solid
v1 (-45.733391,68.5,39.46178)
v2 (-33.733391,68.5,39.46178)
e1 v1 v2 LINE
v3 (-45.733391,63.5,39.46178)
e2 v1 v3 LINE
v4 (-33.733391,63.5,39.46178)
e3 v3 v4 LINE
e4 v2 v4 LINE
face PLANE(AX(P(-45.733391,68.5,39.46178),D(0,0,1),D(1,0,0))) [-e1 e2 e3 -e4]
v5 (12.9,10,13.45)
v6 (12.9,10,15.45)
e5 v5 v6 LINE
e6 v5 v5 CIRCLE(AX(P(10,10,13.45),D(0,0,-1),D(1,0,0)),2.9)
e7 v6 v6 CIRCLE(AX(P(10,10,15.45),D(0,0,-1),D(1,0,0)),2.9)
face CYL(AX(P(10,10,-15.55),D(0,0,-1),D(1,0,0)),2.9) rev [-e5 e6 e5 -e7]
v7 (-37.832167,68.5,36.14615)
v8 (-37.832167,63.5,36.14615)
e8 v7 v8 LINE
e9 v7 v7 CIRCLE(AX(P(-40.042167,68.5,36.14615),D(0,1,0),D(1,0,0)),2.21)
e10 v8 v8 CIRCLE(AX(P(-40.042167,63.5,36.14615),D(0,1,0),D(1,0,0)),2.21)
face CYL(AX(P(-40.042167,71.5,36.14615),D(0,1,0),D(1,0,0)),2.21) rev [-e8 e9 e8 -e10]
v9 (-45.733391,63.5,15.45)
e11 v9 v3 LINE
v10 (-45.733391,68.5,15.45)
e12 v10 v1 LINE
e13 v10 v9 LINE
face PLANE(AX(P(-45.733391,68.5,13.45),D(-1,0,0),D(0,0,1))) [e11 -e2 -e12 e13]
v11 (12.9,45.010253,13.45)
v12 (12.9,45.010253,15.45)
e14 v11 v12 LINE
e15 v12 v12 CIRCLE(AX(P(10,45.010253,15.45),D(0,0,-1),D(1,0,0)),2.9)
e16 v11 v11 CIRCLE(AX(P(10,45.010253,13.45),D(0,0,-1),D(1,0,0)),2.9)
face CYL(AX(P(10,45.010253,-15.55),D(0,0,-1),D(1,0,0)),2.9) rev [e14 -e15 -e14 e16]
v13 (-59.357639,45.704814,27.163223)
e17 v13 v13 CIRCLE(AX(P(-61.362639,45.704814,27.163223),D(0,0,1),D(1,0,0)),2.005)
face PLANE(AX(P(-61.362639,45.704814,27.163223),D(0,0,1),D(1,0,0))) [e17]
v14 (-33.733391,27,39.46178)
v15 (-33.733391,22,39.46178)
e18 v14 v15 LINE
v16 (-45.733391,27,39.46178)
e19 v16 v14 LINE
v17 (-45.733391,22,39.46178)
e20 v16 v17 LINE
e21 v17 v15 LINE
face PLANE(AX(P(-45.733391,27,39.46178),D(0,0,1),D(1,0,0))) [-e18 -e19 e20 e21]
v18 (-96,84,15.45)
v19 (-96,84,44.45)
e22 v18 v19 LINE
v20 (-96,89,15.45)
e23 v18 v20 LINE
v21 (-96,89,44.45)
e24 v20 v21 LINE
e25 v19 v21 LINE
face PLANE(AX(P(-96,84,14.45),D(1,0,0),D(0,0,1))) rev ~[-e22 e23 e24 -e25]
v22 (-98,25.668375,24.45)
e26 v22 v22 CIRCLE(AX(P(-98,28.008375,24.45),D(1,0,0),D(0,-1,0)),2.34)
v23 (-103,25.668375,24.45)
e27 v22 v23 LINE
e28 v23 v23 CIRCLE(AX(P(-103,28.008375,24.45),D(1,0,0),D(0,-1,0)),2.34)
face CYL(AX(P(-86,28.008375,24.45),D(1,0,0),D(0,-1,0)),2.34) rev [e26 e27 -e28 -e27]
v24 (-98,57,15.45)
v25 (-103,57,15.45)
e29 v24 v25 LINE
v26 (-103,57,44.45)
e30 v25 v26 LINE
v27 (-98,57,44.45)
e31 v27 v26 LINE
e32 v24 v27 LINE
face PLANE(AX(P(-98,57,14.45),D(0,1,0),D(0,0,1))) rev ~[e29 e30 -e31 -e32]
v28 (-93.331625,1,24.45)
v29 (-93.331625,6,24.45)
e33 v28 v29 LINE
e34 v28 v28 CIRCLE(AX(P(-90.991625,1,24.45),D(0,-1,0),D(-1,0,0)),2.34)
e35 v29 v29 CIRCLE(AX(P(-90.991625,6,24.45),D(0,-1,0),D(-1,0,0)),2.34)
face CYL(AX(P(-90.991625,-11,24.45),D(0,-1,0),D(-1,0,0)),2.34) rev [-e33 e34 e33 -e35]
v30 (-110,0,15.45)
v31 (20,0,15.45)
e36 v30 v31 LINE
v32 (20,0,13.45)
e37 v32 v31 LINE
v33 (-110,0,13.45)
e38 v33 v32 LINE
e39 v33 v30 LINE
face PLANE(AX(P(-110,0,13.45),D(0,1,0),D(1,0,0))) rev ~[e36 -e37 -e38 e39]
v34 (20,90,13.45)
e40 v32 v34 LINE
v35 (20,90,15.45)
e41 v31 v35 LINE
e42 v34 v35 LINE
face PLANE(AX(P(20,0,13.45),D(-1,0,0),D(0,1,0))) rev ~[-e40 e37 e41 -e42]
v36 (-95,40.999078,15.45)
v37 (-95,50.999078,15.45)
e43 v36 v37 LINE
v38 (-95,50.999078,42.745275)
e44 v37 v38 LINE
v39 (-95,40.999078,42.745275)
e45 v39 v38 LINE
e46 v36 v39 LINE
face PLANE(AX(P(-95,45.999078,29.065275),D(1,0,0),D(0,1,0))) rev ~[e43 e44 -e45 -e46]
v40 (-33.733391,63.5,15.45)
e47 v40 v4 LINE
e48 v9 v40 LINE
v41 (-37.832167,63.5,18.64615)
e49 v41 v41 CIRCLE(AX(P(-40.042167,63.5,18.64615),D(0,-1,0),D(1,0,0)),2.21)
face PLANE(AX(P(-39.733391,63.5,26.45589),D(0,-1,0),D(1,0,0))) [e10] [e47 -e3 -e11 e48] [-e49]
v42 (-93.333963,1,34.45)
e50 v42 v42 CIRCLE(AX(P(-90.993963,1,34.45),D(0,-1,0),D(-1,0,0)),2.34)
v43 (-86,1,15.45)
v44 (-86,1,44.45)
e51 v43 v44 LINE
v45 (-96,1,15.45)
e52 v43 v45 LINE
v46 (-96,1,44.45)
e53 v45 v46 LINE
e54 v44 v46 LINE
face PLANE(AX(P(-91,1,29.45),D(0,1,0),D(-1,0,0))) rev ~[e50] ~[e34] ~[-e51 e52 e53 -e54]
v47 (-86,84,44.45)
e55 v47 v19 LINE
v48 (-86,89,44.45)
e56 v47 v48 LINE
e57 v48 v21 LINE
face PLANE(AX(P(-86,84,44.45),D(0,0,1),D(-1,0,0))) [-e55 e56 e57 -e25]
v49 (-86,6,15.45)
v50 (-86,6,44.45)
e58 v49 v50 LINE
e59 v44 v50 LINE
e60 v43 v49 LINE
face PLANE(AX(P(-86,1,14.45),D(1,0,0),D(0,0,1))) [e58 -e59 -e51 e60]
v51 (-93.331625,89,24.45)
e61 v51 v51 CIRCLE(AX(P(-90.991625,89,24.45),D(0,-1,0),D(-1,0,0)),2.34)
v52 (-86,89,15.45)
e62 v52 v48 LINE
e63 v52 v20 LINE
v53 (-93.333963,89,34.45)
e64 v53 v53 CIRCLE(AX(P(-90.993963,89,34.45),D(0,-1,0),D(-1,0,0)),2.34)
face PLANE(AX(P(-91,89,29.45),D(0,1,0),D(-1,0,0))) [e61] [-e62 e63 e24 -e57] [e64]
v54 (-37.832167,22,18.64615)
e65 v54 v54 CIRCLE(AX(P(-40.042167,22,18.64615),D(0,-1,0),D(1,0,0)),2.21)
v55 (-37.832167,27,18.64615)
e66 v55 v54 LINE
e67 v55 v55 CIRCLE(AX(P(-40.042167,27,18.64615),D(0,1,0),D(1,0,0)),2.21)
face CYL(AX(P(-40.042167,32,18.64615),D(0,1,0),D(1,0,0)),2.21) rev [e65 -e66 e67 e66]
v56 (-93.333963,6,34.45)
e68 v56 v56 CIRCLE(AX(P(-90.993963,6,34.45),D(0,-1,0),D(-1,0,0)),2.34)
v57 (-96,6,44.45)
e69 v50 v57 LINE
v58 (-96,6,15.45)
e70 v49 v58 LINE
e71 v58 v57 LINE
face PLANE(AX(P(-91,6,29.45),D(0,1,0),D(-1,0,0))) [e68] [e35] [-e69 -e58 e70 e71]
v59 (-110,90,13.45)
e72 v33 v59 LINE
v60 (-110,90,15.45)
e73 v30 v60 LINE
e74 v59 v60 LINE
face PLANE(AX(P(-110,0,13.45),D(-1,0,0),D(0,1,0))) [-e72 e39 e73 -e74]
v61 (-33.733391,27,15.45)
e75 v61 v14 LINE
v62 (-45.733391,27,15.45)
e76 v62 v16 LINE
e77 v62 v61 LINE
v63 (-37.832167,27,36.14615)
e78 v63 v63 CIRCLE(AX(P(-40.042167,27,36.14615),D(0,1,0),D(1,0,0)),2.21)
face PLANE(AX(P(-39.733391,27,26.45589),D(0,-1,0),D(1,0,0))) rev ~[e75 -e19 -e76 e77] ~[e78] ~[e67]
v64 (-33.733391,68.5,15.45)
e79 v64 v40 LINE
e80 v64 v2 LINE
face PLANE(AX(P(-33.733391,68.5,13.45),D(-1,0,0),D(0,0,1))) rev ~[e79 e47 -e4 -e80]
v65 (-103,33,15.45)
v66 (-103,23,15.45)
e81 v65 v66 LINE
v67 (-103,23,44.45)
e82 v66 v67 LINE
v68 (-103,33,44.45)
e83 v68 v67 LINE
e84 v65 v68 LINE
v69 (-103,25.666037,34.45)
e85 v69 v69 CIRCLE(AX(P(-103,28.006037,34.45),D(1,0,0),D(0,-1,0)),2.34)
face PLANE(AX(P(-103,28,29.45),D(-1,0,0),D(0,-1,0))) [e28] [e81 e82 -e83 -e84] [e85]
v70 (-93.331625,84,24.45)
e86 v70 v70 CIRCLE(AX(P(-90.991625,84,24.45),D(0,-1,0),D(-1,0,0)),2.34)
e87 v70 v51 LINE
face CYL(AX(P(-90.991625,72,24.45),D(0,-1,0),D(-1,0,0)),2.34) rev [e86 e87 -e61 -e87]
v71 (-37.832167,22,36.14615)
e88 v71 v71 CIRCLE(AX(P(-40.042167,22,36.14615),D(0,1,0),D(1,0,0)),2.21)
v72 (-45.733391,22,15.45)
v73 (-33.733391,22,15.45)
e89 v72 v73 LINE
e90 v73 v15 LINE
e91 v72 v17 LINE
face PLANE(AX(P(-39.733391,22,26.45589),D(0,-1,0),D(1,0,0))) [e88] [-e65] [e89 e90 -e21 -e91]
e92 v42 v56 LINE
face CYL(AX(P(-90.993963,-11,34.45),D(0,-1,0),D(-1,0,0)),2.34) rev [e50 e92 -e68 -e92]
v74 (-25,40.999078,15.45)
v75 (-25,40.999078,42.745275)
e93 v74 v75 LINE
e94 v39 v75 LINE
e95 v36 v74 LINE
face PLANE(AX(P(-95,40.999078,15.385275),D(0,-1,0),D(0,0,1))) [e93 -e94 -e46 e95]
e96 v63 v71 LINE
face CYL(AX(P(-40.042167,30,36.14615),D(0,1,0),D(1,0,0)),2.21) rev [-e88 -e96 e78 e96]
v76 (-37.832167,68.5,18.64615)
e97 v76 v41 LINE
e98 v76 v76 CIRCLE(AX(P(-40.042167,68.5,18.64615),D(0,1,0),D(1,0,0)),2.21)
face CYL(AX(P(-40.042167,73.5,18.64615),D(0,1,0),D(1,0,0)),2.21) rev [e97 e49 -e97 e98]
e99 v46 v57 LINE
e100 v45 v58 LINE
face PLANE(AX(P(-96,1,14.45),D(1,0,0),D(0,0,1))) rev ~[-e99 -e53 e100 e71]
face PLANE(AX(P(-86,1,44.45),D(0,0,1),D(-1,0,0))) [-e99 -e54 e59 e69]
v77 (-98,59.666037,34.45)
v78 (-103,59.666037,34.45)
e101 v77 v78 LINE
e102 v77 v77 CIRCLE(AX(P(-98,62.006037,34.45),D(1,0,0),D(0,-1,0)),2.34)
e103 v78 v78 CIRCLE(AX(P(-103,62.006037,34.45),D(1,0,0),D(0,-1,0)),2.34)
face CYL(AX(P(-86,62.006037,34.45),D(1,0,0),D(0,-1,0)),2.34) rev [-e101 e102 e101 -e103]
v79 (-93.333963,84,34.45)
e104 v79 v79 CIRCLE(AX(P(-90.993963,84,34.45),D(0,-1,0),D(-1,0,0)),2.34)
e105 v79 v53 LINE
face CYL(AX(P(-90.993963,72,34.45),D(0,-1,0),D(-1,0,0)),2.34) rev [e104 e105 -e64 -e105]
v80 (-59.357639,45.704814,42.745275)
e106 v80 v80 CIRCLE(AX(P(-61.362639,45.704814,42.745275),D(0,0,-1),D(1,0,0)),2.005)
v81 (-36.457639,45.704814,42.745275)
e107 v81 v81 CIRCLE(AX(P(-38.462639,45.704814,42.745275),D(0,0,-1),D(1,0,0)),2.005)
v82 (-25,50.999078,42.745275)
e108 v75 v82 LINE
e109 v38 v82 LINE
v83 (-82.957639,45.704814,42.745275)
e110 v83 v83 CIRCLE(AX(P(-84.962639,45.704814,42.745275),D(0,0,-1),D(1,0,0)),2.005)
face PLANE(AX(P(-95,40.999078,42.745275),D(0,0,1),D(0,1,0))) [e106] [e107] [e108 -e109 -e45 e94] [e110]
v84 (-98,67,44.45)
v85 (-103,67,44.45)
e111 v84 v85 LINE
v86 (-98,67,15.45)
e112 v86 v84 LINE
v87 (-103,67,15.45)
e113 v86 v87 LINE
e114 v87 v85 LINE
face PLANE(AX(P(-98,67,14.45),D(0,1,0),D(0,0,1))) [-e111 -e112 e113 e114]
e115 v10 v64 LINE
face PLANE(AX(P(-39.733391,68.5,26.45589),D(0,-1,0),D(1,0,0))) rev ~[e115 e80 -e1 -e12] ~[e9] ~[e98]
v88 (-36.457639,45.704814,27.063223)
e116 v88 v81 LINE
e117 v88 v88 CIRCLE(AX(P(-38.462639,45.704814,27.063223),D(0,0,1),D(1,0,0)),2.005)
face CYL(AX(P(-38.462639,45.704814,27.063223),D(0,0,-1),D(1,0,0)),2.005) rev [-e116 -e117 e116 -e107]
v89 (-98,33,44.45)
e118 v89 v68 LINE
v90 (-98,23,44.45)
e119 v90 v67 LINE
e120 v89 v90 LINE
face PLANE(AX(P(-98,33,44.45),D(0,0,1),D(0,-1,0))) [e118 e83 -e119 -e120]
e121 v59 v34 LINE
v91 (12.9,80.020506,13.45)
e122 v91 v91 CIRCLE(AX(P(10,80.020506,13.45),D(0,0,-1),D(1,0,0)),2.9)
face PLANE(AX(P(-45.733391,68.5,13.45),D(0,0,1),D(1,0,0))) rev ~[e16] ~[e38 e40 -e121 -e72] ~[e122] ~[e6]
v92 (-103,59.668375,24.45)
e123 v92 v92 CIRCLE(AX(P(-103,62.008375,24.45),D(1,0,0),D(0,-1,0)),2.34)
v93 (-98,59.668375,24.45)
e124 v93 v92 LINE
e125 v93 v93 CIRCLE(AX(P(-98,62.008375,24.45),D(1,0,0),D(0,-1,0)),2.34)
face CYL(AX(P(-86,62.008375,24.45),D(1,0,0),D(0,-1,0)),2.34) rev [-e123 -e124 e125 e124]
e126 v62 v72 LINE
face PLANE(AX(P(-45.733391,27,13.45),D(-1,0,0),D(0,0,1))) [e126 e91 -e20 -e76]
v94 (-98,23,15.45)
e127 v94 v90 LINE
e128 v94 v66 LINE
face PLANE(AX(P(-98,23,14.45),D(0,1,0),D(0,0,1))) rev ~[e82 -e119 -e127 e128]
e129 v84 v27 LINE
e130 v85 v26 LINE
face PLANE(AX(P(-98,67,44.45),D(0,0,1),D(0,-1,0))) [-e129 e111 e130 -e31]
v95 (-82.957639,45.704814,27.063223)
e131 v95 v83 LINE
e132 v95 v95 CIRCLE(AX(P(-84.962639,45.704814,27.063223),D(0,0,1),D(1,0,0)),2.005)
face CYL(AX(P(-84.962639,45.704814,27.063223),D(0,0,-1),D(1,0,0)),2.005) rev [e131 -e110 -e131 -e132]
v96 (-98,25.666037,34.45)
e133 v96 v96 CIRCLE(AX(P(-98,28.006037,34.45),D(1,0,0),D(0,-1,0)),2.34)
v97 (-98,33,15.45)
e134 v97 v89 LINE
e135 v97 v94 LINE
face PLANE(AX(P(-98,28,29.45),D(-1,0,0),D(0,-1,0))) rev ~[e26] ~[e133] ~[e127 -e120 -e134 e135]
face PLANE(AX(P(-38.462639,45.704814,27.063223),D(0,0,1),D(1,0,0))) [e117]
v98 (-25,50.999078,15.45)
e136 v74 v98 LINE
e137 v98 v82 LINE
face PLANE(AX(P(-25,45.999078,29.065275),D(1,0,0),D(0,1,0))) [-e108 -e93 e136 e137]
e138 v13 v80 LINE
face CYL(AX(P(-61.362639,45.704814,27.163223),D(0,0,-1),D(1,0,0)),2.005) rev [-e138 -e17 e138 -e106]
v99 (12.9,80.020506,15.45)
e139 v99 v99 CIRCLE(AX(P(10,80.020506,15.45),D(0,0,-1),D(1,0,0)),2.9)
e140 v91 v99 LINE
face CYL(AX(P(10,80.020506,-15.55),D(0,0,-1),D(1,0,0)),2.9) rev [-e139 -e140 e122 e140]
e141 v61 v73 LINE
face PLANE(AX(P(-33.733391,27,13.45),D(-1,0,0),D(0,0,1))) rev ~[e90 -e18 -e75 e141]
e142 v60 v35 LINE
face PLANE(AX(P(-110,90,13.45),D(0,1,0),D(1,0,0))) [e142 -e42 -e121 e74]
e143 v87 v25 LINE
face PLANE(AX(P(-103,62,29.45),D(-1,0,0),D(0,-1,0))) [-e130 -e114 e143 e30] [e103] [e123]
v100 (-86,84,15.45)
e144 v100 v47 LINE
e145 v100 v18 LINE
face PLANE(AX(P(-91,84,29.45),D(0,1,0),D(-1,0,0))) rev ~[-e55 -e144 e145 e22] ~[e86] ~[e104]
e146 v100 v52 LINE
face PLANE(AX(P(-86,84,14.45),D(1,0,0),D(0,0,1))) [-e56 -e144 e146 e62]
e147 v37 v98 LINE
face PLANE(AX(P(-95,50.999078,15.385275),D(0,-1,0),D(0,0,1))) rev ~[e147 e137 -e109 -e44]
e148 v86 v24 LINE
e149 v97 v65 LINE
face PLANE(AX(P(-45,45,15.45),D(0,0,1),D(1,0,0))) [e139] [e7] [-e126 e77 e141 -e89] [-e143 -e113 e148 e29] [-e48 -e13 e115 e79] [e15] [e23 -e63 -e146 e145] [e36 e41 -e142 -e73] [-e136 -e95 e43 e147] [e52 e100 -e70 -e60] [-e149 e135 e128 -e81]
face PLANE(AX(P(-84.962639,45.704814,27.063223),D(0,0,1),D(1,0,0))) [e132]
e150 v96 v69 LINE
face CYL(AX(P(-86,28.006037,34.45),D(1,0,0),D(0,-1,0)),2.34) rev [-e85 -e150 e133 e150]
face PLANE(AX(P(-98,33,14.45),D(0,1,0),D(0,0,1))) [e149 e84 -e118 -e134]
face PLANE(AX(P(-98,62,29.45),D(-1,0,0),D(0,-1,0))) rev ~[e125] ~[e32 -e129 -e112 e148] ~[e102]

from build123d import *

# Parameters (mm, degrees)
SKETCH169_R                = 2.34
EXTRUDE089_DEPTH           = 20
SKETCH168_W                = 10
SKETCH168_H                = 30
EXTRUDE088_DEPTH           = 5
EXTRUDE088_PLACEMENT_ANGLE = 90
CUT055_PLACEMENT_ANGLE     = 90
SKETCH165_R                = 2.34
EXTRUDE085_DEPTH           = 20
SKETCH164_W                = 10
SKETCH164_H                = 30
EXTRUDE084_DEPTH           = 5
EXTRUDE084_PLACEMENT_ANGLE = 90
SKETCH082_R                = 2.21
EXTRUDE103_DEPTH           = 10
SKETCH081_R                = 2.21
EXTRUDE102_DEPTH           = 10
SKETCH080_W                = 12
SKETCH080_H                = 26.01178
EXTRUDE101_DEPTH           = 5
SKETCH079_R                = 2.21
EXTRUDE100_DEPTH           = 10
SKETCH078_R                = 2.21
EXTRUDE099_DEPTH           = 10
SKETCH077_W                = 12
SKETCH077_H                = 26.01178
EXTRUDE098_DEPTH           = 5
SKETCH167_R                = 2.34
EXTRUDE087_DEPTH           = 20
SKETCH166_W                = 10
SKETCH166_H                = 30
EXTRUDE086_DEPTH           = 5
EXTRUDE086_PLACEMENT_ANGLE = 90
CUT052_PLACEMENT_ANGLE     = 90
SKETCH163_R                = 2.34
EXTRUDE083_DEPTH           = 20
SKETCH162_W                = 10
SKETCH162_H                = 30
EXTRUDE082_DEPTH           = 5
EXTRUDE082_PLACEMENT_ANGLE = 90
SKETCH016_R                = 2.005
EXTRUDE077_DEPTH           = 20
EXTRUDE076_DEPTH           = 20
EXTRUDE075_DEPTH           = 20
SKETCH161_W                = 10
SKETCH161_H                = 27.36
EXTRUDE182_DEPTH           = 70
SKETCH075_R                = 2.9
EXTRUDE091_DEPTH           = 50
SKETCH074_W                = 130
SKETCH074_H                = 90
EXTRUDE090_DEPTH           = 2


with BuildPart() as tornillos050:
    # Sketch169 (on Face6 of Extrude088) → Extrude089 (new body)
    with BuildSketch(Plane(origin=(-101, -107, 0), x_dir=(0, -1, 0), z_dir=(-1, 0, 0))):
        with Locations((-135.006037, 30)):
            Circle(SKETCH169_R)
        with Locations((-135.008375, 20)):
            Circle(SKETCH169_R)
    extrude(amount=EXTRUDE089_DEPTH)


with BuildPart() as tornillos050_1:
    # Extrude089 placement: moved
    add(tornillos050.part.moved(Location((17, 0, 0))))


with BuildPart() as soporte016:
    # Sketch168 → Extrude088 (new body)
    with BuildSketch(Plane.XZ):
        with Locations((-135, 25)):
            Rectangle(SKETCH168_W, SKETCH168_H)
    extrude(amount=EXTRUDE088_DEPTH)


with BuildPart() as soporte016_1:
    # Extrude088 placement: moved
    add(soporte016.part.moved(Location((-96, -107, 0))).rotate(Axis((-96, -107, 0), (0, 0, -1)), EXTRUDE088_PLACEMENT_ANGLE))

    # Cut055: cut Tornillos050
    add(tornillos050_1.part, mode=Mode.SUBTRACT)


with BuildPart() as soporte016_2:
    # Cut055 placement: moved
    add(soporte016_1.part.moved(Location((-119, -12, -3))).rotate(Axis((-119, -12, -3), (0, 0, -1)), CUT055_PLACEMENT_ANGLE))


with BuildPart() as tornillos048:
    # Sketch165 (on Face6 of Extrude084) → Extrude085 (new body)
    with BuildSketch(Plane(origin=(-101, -107, 0), x_dir=(0, -1, 0), z_dir=(-1, 0, 0))):
        with Locations((-135.006037, 30)):
            Circle(SKETCH165_R)
        with Locations((-135.008375, 20)):
            Circle(SKETCH165_R)
    extrude(amount=EXTRUDE085_DEPTH)


with BuildPart() as tornillos048_1:
    # Extrude085 placement: moved
    add(tornillos048.part.moved(Location((17, 0, 0))))


with BuildPart() as soporte015:
    # Sketch164 → Extrude084 (new body)
    with BuildSketch(Plane.XZ):
        with Locations((-135, 25)):
            Rectangle(SKETCH164_W, SKETCH164_H)
    extrude(amount=EXTRUDE084_DEPTH)


with BuildPart() as soporte015_1:
    # Extrude084 placement: moved
    add(soporte015.part.moved(Location((-96, -107, 0))).rotate(Axis((-96, -107, 0), (0, 0, -1)), EXTRUDE084_PLACEMENT_ANGLE))

    # Cut054: cut Tornillos048
    add(tornillos048_1.part, mode=Mode.SUBTRACT)


with BuildPart() as soporte015_2:
    # Cut054 placement: moved
    add(soporte015_1.part.moved(Location((-2, 34, -3))))


with BuildPart() as extrude103:
    # Sketch082 → Extrude103 (new body)
    with BuildSketch(Plane.XZ):
        with Locations((-30.242167, 20.01615)):
            Circle(SKETCH082_R)
    extrude(amount=EXTRUDE103_DEPTH)


with BuildPart() as extrude103_1:
    # Extrude103 placement: moved
    add(extrude103.part.moved(Location((-9.8, 5, -14.82))))


with BuildPart() as extrude102:
    # Sketch081 → Extrude102 (new body)
    with BuildSketch(Plane.XZ):
        with Locations((-30.242167, 20.01615)):
            Circle(SKETCH081_R)
    extrude(amount=EXTRUDE102_DEPTH)


with BuildPart() as extrude102_1:
    # Extrude102 placement: moved
    add(extrude102.part.moved(Location((-9.8, 3, 2.68))))


with BuildPart() as cut059:
    # Sketch080 → Extrude101 (new body)
    with BuildSketch(Plane.XZ):
        with Locations((-39.733391, 13.00589)):
            Rectangle(SKETCH080_W, SKETCH080_H)
    extrude(amount=EXTRUDE101_DEPTH)

    # Cut058: cut Extrude102
    add(extrude102_1.part, mode=Mode.SUBTRACT)

    # Cut059: cut Extrude103
    add(extrude103_1.part, mode=Mode.SUBTRACT)


with BuildPart() as cut059_1:
    # Cut059 placement: moved
    add(cut059.part.moved(Location((0, 68.5, 6))))


with BuildPart() as extrude100:
    # Sketch079 → Extrude100 (new body)
    with BuildSketch(Plane.XZ):
        with Locations((-30.242167, 20.01615)):
            Circle(SKETCH079_R)
    extrude(amount=EXTRUDE100_DEPTH)


with BuildPart() as extrude100_1:
    # Extrude100 placement: moved
    add(extrude100.part.moved(Location((-9.8, 5, -14.82))))


with BuildPart() as extrude099:
    # Sketch078 → Extrude099 (new body)
    with BuildSketch(Plane.XZ):
        with Locations((-30.242167, 20.01615)):
            Circle(SKETCH078_R)
    extrude(amount=EXTRUDE099_DEPTH)


with BuildPart() as extrude099_1:
    # Extrude099 placement: moved
    add(extrude099.part.moved(Location((-9.8, 3, 2.68))))


with BuildPart() as cut057:
    # Sketch077 → Extrude098 (new body)
    with BuildSketch(Plane.XZ):
        with Locations((-39.733391, 13.00589)):
            Rectangle(SKETCH077_W, SKETCH077_H)
    extrude(amount=EXTRUDE098_DEPTH)

    # Cut056: cut Extrude099
    add(extrude099_1.part, mode=Mode.SUBTRACT)

    # Cut057: cut Extrude100
    add(extrude100_1.part, mode=Mode.SUBTRACT)


with BuildPart() as cut057_1:
    # Cut057 placement: moved
    add(cut057.part.moved(Location((0, 27, 6))))


with BuildPart() as tornillos049:
    # Sketch167 (on Face6 of Extrude086) → Extrude087 (new body)
    with BuildSketch(Plane(origin=(-101, -107, 0), x_dir=(0, -1, 0), z_dir=(-1, 0, 0))):
        with Locations((-135.006037, 30)):
            Circle(SKETCH167_R)
        with Locations((-135.008375, 20)):
            Circle(SKETCH167_R)
    extrude(amount=EXTRUDE087_DEPTH)


with BuildPart() as tornillos049_1:
    # Extrude087 placement: moved
    add(tornillos049.part.moved(Location((17, 0, 0))))


with BuildPart() as soporte013:
    # Sketch166 → Extrude086 (new body)
    with BuildSketch(Plane.XZ):
        with Locations((-135, 25)):
            Rectangle(SKETCH166_W, SKETCH166_H)
    extrude(amount=EXTRUDE086_DEPTH)


with BuildPart() as soporte013_1:
    # Extrude086 placement: moved
    add(soporte013.part.moved(Location((-96, -107, 0))).rotate(Axis((-96, -107, 0), (0, 0, -1)), EXTRUDE086_PLACEMENT_ANGLE))

    # Cut052: cut Tornillos049
    add(tornillos049_1.part, mode=Mode.SUBTRACT)


with BuildPart() as soporte013_2:
    # Cut052 placement: moved
    add(soporte013_1.part.moved(Location((-119, -95, -3))).rotate(Axis((-119, -95, -3), (0, 0, -1)), CUT052_PLACEMENT_ANGLE))


with BuildPart() as tornillos047:
    # Sketch163 (on Face6 of Extrude082) → Extrude083 (new body)
    with BuildSketch(Plane(origin=(-101, -107, 0), x_dir=(0, -1, 0), z_dir=(-1, 0, 0))):
        with Locations((-135.006037, 30)):
            Circle(SKETCH163_R)
        with Locations((-135.008375, 20)):
            Circle(SKETCH163_R)
    extrude(amount=EXTRUDE083_DEPTH)


with BuildPart() as tornillos047_1:
    # Extrude083 placement: moved
    add(tornillos047.part.moved(Location((17, 0, 0))))


with BuildPart() as soporte014:
    # Sketch162 → Extrude082 (new body)
    with BuildSketch(Plane.XZ):
        with Locations((-135, 25)):
            Rectangle(SKETCH162_W, SKETCH162_H)
    extrude(amount=EXTRUDE082_DEPTH)


with BuildPart() as soporte014_1:
    # Extrude082 placement: moved
    add(soporte014.part.moved(Location((-96, -107, 0))).rotate(Axis((-96, -107, 0), (0, 0, -1)), EXTRUDE082_PLACEMENT_ANGLE))

    # Cut053: cut Tornillos047
    add(tornillos047_1.part, mode=Mode.SUBTRACT)


with BuildPart() as soporte014_2:
    # Cut053 placement: moved
    add(soporte014_1.part.moved(Location((-2, 0, -3))))


with BuildPart() as tornillo018:
    # Sketch016 → Extrude077 (new body)
    with BuildSketch(Plane.XY.offset(45.913223)):
        with Locations((-84.962639, 67.504814)):
            Circle(SKETCH016_R)
    extrude(amount=EXTRUDE077_DEPTH)


with BuildPart() as tornillo018_1:
    # Extrude077 placement: moved
    add(tornillo018.part.moved(Location((46.5, -21.8, -26))))


with BuildPart() as tornillo017:
    # Sketch016 → Extrude076 (new body)
    with BuildSketch(Plane.XY.offset(45.913223)):
        with Locations((-84.962639, 67.504814)):
            Circle(SKETCH016_R)
    extrude(amount=EXTRUDE076_DEPTH)


with BuildPart() as tornillo017_1:
    # Extrude076 placement: moved
    add(tornillo017.part.moved(Location((23.6, -21.8, -25.9))))


with BuildPart() as tornillo016:
    # Sketch016 → Extrude075 (new body)
    with BuildSketch(Plane.XY.offset(45.913223)):
        with Locations((-84.962639, 67.504814)):
            Circle(SKETCH016_R)
    extrude(amount=EXTRUDE075_DEPTH)


with BuildPart() as tornillo016_1:
    # Extrude075 placement: moved
    add(tornillo016.part.moved(Location((0, -21.8, -26))))


with BuildPart() as bbbbbbbbb:
    # Sketch161 → Extrude182 (new body)
    with BuildSketch(Plane.YZ):
        with Locations((-10.400922, 22.215275)):
            Rectangle(SKETCH161_W, SKETCH161_H)
    extrude(amount=EXTRUDE182_DEPTH)


with BuildPart() as bbbbbbbbb_1:
    # Extrude182 placement: moved
    add(bbbbbbbbb.part.moved(Location((-95, 56.4, -0.3))))

    # Cut107: cut Tornillo016
    add(tornillo016_1.part, mode=Mode.SUBTRACT)

    # Cut044: cut Tornillo017
    add(tornillo017_1.part, mode=Mode.SUBTRACT)

    # Cut045: cut Tornillo018
    add(tornillo018_1.part, mode=Mode.SUBTRACT)


with BuildPart() as bbbbbbbbb_2:
    # Cut045 placement: moved
    add(bbbbbbbbb_1.part.moved(Location((0, 0, -0.3))))


with BuildPart() as tornillos051:
    # Sketch075 (on Face6 of Extrude090) → Extrude091 (new body)
    with BuildSketch(Plane.XY.offset(2)):
        with Locations((120, 80.020506)):
            Circle(SKETCH075_R)
        with Locations((120, 45.010253)):
            Circle(SKETCH075_R)
        with Locations((120, 10)):
            Circle(SKETCH075_R)
    extrude(amount=EXTRUDE091_DEPTH)


with BuildPart() as tornillos051_1:
    # Extrude091 placement: moved
    add(tornillos051.part.moved(Location((0, 0, -31))))


with BuildPart() as imprimir:
    # Sketch074 → Extrude090 (new body)
    with BuildSketch(Plane.XY):
        with Locations((65, 45)):
            Rectangle(SKETCH074_W, SKETCH074_H)
    extrude(amount=EXTRUDE090_DEPTH)

    # Cut047: cut Tornillos051
    add(tornillos051_1.part, mode=Mode.SUBTRACT)


with BuildPart() as imprimir_1:
    # Cut047 placement: moved
    add(imprimir.part.moved(Location((-110, 0, 6))))

    # Fusion059: union BBBBBBBBB
    add(bbbbbbbbb_2.part)

    # Fusion060: union Soporte014
    add(soporte014_2.part)

    # Fusion061: union Soporte013
    add(soporte013_2.part)

    # Fusion062: union Cut057
    add(cut057_1.part)

    # Fusion023: union Cut059
    add(cut059_1.part)

    # Fusion024: union Soporte015
    add(soporte015_2.part)

    # Fusion025: union Soporte016
    add(soporte016_2.part)


with BuildPart() as imprimir_2:
    # Fusion025 placement: moved
    add(imprimir_1.part.moved(Location((0, 0, 7.45))))


solid = imprimir_2.part
